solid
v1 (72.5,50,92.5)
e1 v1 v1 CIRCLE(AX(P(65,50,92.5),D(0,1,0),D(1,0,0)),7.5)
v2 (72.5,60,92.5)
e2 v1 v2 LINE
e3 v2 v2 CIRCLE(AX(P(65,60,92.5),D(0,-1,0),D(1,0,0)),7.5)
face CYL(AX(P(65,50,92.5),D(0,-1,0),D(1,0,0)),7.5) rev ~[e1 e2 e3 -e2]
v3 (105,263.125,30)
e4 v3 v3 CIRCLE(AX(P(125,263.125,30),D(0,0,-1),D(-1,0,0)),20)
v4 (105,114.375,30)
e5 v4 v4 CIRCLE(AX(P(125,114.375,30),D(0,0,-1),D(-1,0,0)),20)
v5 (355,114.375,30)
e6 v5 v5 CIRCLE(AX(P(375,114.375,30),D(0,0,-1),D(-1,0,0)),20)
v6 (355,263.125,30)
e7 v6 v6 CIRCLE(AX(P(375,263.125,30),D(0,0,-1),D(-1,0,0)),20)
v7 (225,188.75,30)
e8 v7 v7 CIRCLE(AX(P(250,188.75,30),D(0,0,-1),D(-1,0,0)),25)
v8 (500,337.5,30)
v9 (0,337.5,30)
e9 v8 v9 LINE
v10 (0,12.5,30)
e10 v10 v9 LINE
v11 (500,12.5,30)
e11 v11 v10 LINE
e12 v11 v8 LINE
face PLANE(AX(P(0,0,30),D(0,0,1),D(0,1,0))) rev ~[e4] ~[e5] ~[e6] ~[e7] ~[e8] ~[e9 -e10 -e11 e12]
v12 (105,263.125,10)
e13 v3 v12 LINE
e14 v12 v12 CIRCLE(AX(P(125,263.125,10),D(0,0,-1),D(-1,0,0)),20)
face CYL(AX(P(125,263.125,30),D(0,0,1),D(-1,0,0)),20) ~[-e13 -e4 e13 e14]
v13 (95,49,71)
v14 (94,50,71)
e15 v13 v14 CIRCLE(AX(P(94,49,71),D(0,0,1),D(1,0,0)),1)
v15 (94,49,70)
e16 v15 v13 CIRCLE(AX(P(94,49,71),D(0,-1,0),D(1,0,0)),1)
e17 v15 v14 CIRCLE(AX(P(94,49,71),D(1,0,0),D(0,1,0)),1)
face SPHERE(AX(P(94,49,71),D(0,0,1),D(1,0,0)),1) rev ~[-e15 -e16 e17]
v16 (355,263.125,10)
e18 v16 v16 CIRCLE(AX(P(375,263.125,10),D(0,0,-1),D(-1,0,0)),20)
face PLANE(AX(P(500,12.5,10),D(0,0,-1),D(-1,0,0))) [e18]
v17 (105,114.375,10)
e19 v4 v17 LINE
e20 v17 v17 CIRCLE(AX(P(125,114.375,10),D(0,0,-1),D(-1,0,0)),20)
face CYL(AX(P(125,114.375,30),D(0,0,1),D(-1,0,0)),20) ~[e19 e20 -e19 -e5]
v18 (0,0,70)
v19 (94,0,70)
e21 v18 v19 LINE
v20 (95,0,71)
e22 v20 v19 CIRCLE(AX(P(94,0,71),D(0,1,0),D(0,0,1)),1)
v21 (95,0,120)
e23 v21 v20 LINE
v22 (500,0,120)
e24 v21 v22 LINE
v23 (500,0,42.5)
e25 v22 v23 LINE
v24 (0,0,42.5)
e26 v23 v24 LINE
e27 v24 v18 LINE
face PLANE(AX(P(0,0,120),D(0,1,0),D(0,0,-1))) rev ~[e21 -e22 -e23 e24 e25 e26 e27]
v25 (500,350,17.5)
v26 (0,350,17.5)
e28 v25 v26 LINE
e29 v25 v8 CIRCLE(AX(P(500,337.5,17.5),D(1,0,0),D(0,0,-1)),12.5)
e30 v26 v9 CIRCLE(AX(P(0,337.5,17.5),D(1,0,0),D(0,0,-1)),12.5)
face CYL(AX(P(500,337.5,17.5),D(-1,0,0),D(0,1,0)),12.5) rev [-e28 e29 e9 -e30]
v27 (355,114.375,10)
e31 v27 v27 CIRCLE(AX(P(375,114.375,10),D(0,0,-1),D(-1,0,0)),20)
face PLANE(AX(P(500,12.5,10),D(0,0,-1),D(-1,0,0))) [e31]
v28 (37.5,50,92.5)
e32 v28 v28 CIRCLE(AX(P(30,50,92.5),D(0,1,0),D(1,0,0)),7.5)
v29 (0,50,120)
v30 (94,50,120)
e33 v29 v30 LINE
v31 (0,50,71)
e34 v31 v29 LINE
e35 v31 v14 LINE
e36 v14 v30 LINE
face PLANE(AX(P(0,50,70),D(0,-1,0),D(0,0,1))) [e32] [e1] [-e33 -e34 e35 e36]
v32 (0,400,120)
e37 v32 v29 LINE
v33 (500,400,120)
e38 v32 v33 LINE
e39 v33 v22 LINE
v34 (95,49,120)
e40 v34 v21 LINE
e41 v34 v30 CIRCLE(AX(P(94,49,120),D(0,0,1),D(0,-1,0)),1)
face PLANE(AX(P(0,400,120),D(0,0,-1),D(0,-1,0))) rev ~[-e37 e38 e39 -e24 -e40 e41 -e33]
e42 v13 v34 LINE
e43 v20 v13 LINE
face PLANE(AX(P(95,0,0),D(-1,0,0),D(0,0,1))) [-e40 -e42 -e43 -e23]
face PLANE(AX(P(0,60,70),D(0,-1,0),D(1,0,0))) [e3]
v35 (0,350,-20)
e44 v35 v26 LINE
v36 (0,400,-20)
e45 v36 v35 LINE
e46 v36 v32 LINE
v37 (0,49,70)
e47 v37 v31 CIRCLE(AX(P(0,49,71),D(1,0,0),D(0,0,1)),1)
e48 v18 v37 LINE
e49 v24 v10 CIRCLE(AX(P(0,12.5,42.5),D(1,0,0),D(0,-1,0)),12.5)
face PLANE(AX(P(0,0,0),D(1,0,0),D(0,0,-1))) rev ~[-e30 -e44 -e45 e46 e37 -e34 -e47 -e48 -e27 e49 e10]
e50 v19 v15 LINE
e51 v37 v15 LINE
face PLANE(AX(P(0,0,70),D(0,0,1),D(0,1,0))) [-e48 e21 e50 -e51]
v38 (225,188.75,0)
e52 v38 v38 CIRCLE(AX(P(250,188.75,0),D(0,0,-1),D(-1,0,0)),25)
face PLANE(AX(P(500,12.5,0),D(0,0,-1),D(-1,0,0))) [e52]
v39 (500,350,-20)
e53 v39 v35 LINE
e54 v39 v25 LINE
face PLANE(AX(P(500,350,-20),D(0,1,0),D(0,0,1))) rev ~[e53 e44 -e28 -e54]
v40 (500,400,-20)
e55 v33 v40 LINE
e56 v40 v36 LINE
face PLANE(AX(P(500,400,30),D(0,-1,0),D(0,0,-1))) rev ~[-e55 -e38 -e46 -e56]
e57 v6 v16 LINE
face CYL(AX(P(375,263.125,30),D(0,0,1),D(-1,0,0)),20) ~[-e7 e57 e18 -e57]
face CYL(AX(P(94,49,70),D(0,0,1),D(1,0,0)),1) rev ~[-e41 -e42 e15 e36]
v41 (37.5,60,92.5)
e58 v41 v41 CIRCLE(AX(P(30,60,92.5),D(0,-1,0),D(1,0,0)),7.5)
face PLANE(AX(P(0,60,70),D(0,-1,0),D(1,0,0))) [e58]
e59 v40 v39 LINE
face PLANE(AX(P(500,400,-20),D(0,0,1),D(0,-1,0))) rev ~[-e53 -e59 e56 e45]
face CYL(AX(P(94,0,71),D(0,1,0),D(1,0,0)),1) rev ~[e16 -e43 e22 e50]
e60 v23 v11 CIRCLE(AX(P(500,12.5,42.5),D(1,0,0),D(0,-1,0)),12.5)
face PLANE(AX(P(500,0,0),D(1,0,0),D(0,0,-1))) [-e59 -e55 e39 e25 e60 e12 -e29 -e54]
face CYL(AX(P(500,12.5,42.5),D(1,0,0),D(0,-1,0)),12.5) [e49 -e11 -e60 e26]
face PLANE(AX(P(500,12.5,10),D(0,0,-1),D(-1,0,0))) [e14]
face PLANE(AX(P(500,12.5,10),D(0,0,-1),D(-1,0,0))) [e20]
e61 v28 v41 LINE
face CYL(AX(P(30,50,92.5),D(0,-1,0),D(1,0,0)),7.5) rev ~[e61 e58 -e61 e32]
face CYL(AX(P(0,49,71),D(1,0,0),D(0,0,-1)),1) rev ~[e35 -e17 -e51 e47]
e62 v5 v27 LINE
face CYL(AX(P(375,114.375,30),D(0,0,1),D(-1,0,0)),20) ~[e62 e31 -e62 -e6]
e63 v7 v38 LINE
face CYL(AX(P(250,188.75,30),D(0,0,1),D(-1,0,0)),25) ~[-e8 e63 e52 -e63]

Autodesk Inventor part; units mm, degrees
ref_plane "YZ Plane" through (0, 0, 0) normal (1, 0, 0) x (0, 1, 0)
ref_plane "XZ Plane" through (0, 0, 0) normal (0, 1, 0) x (-1, 0, 0)
ref_plane "XY Plane" through (0, 0, 0) normal (0, 0, 1) x (1, 0, 0)
sketch "Sketch1" plane through (0, 0, 0) normal (1, 0, 0) x (0, 1, 0)
  line L0 (400, 120) -> (0, 120)
  line L1 (0, 40) -> (0, 62.8571)
  line L2 (400, 120) -> (0, 120)
  line L3 (0, 120) -> (0, 30)
  line L4 (0, 30) -> (400, 30)
  line L5 (400, 30) -> (400, 120)
  dimension "d54" = 400
  dimension "d55" = 90
extrude "Extrusion1" add sketch "Sketch1" along normal blind 500
sketch "Sketch2" plane through (500, 0, 0) normal (1, 0, 0) x (0, 0, -1)
  line L0 (-30, 400) -> (20, 400)
  line L1 (20, 400) -> (20, 350)
  line L2 (20, 350) -> (-30, 350)
  line L3 (-30, 350) -> (-30, 400)
  arc A0 (-42.5, 0) -> (-30, 12.5) centre (-42.5, 12.5) ccw
  line L4 (-120, 0) -> (-30, 0) projected
  line L5 (-30, 0) -> (-64.3382, 0)
  line L6 (-30, 12.5) -> (-30, 0)
  line L7 (-120, 0) -> (-70, 0)
  dimension "d11" = 50
  dimension "d12" = 50
  dimension "d33" = 12.5
extrude "Extrusion11" cut sketch "Sketch2" against normal blind 500 contours A0 L6 L4
extrude "Extrusion12" add sketch "Sketch2" against normal blind 500 contours L0 L1 L2 L3
fillet "Fillet3" radius 12.5 1 edges at (250, 350, 30)
sketch "Sketch6" plane through (500, 12.5, 30) normal (0, 0, -1) x (-1, 0, 0)
  line L0 (500, 325) -> (500, 337.5) projected
  circle A0 centre (250, 176.25) radius 25
  circle A1 centre (125, 250.625) radius 20
  circle A2 centre (375, 250.625) radius 20
  circle A3 centre (375, 101.875) radius 20
  circle A4 centre (125, 101.875) radius 20
  dimension "d57" = 50
  dimension "d58" = 40
  dimension "d59" = 40
  dimension "d60" = 40
  dimension "d61" = 40
extrude "Extrusion14" add sketch "Sketch6" along normal blind 30 contours A0
extrude "Extrusion15" add sketch "Sketch6" along normal blind 20 contours A1 | A2 | A3 | A4
sketch "Sketch7" plane through (0, 0, 0) normal (-1, 0, 0) x (0, 0, 1)
  line L0 (120, 400) -> (120, 0) projected
  line L1 (120, 0) -> (70, 0)
  line L2 (70, 0) -> (70, 50)
  line L3 (70, 50) -> (120, 50)
  line L4 (120, 50) -> (120, 0)
  point P0 (0, 0)
  dimension "d68" = 50
  dimension "d69" = 50
extrude "Extrusion16" cut sketch "Sketch7" against normal blind 95
sketch "Sketch8" plane through (0, 50, 70) normal (0, -1, 0) x (1, 0, 0)
  line L0 (95, 0) -> (95, 50) projected
  line L1 (0, 0) -> (0, 50) projected
  line L2 (95, 0) -> (0, 0)
  line L3 (0, 0) -> (0, 45)
  line L4 (0, 45) -> (95, 45)
  line L5 (95, 45) -> (95, 0)
  line L6 (0, 22.5) -> (30, 22.5)
  line L7 (30, 22.5) -> (65, 22.5)
  circle A0 centre (30, 22.5) radius 7.5
  circle A1 centre (65, 22.5) radius 7.5
  point P0 (0, -70)
  dimension "d72" = 45
  dimension "d73" = 30
  dimension "d74" = 35
  dimension "d75" = 15
  dimension "d76" = 15
extrude "Extrusion17" cut sketch "Sketch8" against normal blind 10 contours A1 | A0 L7 L6 | L6 L7 A0
fillet "Fillet6" radius 1 3 edges at (95, 50, 95) (95, 25, 70) (47.5, 50, 70)
properties part number "Molde" material "Aluminum 6061"
